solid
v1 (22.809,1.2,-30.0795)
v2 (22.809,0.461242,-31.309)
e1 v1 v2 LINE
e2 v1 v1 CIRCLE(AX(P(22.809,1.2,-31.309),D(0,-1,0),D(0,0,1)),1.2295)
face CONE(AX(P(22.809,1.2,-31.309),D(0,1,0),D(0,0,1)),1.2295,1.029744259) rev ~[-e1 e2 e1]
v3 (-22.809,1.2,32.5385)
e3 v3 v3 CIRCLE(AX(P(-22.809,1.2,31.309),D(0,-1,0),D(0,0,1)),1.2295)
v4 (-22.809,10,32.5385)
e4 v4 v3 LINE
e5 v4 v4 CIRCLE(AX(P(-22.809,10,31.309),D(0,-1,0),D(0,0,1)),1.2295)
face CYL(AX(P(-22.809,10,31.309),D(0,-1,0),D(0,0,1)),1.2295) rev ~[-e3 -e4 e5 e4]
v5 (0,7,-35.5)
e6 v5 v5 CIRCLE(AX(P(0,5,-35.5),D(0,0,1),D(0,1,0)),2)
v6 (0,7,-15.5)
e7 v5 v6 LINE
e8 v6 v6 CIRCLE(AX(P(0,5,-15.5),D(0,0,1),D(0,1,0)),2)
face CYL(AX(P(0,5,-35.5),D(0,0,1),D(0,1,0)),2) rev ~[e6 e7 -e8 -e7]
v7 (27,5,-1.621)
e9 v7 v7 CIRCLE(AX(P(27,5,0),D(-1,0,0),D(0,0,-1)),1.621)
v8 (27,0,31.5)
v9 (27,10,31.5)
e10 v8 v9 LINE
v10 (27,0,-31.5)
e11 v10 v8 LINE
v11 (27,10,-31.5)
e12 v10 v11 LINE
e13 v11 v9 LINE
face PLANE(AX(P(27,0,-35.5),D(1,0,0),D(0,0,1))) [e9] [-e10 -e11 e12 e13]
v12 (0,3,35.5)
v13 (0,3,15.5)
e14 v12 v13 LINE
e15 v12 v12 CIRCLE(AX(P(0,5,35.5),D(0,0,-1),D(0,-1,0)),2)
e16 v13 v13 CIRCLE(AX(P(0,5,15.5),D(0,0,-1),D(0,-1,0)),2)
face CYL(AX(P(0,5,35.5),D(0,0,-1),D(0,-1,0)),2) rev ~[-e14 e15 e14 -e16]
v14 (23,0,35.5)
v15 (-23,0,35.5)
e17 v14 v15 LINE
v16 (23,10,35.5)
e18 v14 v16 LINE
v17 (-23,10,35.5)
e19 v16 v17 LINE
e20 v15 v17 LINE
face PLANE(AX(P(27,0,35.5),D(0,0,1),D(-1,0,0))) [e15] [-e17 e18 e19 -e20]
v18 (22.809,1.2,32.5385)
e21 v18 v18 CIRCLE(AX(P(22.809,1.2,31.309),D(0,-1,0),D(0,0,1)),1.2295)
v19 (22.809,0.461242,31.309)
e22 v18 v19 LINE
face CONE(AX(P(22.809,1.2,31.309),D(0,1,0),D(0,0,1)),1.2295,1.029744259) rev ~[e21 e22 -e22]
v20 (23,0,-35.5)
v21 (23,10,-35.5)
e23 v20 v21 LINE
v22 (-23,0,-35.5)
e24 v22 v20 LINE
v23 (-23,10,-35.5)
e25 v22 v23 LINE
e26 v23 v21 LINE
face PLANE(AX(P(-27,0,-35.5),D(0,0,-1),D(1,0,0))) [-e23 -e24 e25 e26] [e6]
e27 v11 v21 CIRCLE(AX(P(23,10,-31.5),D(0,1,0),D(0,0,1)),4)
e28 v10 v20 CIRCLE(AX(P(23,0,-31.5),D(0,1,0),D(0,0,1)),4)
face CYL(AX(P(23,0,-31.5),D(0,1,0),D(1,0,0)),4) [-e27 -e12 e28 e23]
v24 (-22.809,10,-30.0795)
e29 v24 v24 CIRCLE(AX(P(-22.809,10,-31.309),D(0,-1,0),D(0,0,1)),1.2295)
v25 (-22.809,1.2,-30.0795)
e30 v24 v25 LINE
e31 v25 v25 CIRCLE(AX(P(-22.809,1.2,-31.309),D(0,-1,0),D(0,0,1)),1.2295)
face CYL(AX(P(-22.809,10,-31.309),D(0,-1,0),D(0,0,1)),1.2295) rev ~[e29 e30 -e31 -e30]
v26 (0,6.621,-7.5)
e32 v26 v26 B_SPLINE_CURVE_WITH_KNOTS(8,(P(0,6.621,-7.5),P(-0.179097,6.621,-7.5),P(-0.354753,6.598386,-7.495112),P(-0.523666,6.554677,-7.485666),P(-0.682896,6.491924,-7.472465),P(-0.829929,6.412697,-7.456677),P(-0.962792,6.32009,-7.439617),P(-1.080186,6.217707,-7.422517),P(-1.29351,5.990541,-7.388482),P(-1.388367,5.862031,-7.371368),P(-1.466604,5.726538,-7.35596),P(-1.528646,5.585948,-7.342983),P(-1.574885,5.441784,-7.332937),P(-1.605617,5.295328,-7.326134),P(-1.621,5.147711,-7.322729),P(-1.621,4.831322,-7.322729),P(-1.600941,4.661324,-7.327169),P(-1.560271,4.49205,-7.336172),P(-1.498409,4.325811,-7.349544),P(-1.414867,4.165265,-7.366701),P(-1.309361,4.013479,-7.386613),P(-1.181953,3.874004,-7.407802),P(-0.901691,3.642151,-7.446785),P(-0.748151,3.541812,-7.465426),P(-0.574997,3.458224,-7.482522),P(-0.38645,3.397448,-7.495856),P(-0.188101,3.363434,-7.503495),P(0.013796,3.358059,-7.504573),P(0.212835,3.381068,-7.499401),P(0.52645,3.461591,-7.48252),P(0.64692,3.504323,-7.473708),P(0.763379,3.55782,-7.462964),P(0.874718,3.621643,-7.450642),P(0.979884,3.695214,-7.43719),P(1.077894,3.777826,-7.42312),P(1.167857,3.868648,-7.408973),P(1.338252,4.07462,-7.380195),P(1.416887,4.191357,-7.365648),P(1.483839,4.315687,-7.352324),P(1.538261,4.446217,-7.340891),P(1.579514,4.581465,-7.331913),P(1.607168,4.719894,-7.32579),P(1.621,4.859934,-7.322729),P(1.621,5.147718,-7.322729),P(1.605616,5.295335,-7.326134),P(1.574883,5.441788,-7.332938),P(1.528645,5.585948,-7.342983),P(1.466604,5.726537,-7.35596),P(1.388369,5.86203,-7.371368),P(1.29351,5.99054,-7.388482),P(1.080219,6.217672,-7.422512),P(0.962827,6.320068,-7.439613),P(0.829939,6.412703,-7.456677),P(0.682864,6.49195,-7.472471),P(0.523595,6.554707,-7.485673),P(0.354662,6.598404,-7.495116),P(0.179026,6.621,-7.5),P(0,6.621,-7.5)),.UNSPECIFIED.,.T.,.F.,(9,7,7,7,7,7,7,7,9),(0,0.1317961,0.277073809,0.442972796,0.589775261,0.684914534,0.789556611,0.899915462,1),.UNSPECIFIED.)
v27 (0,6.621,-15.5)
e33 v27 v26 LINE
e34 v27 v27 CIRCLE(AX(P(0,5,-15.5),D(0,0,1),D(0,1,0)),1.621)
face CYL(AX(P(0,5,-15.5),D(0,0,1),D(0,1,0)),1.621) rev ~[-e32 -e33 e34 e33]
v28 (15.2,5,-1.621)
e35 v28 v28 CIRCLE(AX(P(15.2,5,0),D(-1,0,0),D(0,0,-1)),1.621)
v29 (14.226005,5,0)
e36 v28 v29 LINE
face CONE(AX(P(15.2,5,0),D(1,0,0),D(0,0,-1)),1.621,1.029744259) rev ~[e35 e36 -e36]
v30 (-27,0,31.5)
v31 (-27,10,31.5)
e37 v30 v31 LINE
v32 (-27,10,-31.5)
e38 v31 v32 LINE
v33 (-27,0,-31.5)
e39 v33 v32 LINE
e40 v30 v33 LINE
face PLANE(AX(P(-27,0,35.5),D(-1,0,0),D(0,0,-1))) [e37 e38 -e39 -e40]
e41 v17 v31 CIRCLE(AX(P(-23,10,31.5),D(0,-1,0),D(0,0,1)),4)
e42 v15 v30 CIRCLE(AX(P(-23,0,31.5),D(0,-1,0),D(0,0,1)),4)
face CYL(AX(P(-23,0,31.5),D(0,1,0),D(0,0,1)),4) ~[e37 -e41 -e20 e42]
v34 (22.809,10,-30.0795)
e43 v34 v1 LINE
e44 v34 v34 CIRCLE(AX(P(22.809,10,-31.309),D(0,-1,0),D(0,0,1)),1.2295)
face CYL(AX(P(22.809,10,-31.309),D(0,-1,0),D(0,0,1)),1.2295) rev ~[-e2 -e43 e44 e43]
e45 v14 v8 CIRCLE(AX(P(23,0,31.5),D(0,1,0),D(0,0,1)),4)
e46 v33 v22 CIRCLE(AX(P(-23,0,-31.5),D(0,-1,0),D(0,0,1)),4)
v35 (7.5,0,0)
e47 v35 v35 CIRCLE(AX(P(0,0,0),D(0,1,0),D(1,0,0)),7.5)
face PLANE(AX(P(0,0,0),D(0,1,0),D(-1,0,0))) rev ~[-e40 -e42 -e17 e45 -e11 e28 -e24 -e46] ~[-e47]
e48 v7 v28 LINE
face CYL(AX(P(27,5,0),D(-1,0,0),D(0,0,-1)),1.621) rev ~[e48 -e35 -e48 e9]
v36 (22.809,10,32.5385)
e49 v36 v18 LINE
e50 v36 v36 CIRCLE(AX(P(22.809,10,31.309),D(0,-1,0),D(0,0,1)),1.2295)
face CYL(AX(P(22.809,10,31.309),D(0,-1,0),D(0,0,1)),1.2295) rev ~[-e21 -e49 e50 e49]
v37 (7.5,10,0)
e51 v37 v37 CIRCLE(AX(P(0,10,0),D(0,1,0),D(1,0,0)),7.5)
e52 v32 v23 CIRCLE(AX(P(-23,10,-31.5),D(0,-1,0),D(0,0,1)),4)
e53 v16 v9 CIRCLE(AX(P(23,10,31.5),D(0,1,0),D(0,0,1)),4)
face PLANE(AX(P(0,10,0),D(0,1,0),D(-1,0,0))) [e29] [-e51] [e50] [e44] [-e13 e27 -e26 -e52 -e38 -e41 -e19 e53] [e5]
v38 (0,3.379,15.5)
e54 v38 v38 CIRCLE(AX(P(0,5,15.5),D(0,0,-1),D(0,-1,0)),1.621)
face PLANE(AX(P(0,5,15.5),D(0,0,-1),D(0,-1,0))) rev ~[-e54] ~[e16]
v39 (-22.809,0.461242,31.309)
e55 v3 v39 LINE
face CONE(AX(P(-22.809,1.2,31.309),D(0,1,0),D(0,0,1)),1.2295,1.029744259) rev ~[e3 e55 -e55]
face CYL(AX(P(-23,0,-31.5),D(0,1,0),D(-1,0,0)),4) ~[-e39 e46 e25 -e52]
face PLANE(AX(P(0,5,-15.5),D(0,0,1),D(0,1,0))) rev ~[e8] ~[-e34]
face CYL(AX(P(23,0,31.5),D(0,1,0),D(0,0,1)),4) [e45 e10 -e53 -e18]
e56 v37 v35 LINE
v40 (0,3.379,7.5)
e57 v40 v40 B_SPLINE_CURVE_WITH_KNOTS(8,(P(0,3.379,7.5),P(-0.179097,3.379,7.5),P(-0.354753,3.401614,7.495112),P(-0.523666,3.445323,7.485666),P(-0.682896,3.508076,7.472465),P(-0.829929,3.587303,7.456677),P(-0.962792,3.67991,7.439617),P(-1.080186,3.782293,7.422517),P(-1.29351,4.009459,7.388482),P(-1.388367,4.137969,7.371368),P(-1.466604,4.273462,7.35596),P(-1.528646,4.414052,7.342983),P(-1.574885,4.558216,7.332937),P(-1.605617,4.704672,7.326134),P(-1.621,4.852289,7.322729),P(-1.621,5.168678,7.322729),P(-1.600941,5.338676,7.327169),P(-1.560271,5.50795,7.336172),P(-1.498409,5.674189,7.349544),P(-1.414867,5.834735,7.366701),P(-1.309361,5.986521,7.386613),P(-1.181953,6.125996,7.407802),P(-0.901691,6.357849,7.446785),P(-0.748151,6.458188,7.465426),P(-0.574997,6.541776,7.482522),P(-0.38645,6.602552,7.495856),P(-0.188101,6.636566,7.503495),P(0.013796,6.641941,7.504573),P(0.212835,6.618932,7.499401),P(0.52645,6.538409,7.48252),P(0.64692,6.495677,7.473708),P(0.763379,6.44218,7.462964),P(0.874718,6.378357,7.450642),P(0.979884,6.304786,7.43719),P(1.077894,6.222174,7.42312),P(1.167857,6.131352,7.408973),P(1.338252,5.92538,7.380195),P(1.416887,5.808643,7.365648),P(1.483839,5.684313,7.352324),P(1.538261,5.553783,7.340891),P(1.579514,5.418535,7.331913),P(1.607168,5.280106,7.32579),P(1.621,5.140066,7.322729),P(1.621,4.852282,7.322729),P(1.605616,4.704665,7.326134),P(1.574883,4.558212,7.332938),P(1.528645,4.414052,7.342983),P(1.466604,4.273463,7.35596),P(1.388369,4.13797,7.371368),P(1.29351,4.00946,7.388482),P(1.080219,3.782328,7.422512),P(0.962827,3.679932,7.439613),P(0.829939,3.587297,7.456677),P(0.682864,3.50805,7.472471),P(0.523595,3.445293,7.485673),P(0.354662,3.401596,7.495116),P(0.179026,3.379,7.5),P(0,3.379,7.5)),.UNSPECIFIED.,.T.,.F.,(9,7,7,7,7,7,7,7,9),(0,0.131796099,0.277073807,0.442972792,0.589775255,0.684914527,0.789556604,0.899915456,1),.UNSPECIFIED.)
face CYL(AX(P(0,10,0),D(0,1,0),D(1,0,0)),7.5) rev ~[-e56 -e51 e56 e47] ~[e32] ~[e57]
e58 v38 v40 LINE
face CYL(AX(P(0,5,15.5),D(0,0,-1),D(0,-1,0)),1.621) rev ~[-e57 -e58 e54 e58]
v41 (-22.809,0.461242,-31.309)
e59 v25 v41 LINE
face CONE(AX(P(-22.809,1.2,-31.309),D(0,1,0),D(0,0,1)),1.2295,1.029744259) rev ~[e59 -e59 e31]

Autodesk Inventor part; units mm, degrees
ref_plane "YZ Plane" through (0, 0, 0) normal (1, 0, 0) x (0, 1, 0)
ref_plane "XZ Plane" through (0, 0, 0) normal (0, 1, 0) x (-1, 0, 0)
ref_plane "XY Plane" through (0, 0, 0) normal (0, 0, 1) x (1, 0, 0)
sketch "Sketch9" plane through (0, 0, 0) normal (0, 1, 0) x (-1, 0, 0)
  line L0 (-27, 35.5) -> (27, 35.5)
  line L1 (27, 35.5) -> (27, -35.5)
  line L2 (27, -35.5) -> (-27, -35.5)
  line L3 (-27, -35.5) -> (-27, 35.5)
  line L4 (-27, 35.5) -> (27, -35.5) construction
  line L5 (27, 35.5) -> (-27, -35.5) construction
  point P0 (0, 0)
  dimension "d39" = 54
  dimension "d40" = 71
extrude "Extrusion4" add sketch "Sketch9" along normal blind 10
sketch "Sketch10" plane through (0, 10, 0) normal (0, 1, 0) x (1, 0, 0)
  circle A0 centre (0, 0) radius 7.5
  dimension "d43" = 15
extrude "Extrusion5" cut sketch "Sketch10" against normal blind 10
sketch "Sketch11" plane through (27, 0, 35.5) normal (1, 0, 0) x (0, 0, -1)
  point P0 (35.5, 0)
  point P1 (35.5, 5)
hole "Hole5" at (27, 5, 0) direction (-1, 0, 0) diameter 3.242 depth 11.8 tip angle 118 thread size "M4x0.7" class "6H" standard "ANSI Metric M Profile"
sketch "Sketch12" plane through (0, 10, 0) normal (0, 1, 0) x (1, 0, 0)
  point P0 (0, 0)
sketch "Sketch13" plane through (0, 10, 0) normal (0, 1, 0) x (1, 0, 0)
  point P0 (0, 0)
  point P1 (22.809, -31.309)
  point P2 (-22.809, 31.309)
  point P3 (-22.809, -31.309)
  point P4 (22.809, 31.309)
hole "Hole6" at (-22.809, 10, 31.309) at (-22.809, 10, -31.309) at (22.809, 10, -31.309) at (22.809, 10, 31.309) direction (0, -1, 0) diameter 2.459 depth 8.8 tip angle 118 thread size "M3x0.5" class "6H" standard "ANSI Metric M Profile"
fillet "Fillet3" radius 4 4 edges at (-27, 5, -35.5) (-27, 5, 35.5) (27, 5, -35.5) (27, 5, 35.5)
sketch "Sketch14" plane through (23, 0, -35.5) normal (0, 0, -1) x (-1, 0, 0)
  point P0 (23, 0)
  point P1 (23, 5)
sketch "Sketch15" plane through (-23, 0, 35.5) normal (0, 0, 1) x (1, 0, 0)
  point P0 (23, 0)
  point P1 (23, 5)
hole "Hole7" at (0, 5, 35.5) direction (0, 0, -1) diameter 4 depth 20
hole "Hole8" at (0, 5, -35.5) direction (0, 0, 1) diameter 4 depth 20
sketch "Sketch16" plane through (0, 5, 15.5) normal (0, 0, 1) x (1, 0, 0)
  point P0 (0, -5)
  point P1 (0, 0)
sketch "Sketch17" plane through (0, 5, -15.5) normal (0, 0, -1) x (-1, 0, 0)
  point P0 (0, -5)
  point P1 (0, 0)
hole "Hole9" at (0, 5, -15.5) direction (0, 0, 1) diameter 3.242 depth 11.8 thread size "M4x0.7" class "6H" standard "ANSI Metric M Profile"
hole "Hole10" at (0, 5, 15.5) direction (0, 0, -1) diameter 3.242 depth 11.8 thread size "M4x0.7" class "6H" standard "ANSI Metric M Profile"
equation "\"z\" = 71"
equation "\"x\" = 54"
equation "\"corner\" = 4"
properties part number "CardMount_sjc"
